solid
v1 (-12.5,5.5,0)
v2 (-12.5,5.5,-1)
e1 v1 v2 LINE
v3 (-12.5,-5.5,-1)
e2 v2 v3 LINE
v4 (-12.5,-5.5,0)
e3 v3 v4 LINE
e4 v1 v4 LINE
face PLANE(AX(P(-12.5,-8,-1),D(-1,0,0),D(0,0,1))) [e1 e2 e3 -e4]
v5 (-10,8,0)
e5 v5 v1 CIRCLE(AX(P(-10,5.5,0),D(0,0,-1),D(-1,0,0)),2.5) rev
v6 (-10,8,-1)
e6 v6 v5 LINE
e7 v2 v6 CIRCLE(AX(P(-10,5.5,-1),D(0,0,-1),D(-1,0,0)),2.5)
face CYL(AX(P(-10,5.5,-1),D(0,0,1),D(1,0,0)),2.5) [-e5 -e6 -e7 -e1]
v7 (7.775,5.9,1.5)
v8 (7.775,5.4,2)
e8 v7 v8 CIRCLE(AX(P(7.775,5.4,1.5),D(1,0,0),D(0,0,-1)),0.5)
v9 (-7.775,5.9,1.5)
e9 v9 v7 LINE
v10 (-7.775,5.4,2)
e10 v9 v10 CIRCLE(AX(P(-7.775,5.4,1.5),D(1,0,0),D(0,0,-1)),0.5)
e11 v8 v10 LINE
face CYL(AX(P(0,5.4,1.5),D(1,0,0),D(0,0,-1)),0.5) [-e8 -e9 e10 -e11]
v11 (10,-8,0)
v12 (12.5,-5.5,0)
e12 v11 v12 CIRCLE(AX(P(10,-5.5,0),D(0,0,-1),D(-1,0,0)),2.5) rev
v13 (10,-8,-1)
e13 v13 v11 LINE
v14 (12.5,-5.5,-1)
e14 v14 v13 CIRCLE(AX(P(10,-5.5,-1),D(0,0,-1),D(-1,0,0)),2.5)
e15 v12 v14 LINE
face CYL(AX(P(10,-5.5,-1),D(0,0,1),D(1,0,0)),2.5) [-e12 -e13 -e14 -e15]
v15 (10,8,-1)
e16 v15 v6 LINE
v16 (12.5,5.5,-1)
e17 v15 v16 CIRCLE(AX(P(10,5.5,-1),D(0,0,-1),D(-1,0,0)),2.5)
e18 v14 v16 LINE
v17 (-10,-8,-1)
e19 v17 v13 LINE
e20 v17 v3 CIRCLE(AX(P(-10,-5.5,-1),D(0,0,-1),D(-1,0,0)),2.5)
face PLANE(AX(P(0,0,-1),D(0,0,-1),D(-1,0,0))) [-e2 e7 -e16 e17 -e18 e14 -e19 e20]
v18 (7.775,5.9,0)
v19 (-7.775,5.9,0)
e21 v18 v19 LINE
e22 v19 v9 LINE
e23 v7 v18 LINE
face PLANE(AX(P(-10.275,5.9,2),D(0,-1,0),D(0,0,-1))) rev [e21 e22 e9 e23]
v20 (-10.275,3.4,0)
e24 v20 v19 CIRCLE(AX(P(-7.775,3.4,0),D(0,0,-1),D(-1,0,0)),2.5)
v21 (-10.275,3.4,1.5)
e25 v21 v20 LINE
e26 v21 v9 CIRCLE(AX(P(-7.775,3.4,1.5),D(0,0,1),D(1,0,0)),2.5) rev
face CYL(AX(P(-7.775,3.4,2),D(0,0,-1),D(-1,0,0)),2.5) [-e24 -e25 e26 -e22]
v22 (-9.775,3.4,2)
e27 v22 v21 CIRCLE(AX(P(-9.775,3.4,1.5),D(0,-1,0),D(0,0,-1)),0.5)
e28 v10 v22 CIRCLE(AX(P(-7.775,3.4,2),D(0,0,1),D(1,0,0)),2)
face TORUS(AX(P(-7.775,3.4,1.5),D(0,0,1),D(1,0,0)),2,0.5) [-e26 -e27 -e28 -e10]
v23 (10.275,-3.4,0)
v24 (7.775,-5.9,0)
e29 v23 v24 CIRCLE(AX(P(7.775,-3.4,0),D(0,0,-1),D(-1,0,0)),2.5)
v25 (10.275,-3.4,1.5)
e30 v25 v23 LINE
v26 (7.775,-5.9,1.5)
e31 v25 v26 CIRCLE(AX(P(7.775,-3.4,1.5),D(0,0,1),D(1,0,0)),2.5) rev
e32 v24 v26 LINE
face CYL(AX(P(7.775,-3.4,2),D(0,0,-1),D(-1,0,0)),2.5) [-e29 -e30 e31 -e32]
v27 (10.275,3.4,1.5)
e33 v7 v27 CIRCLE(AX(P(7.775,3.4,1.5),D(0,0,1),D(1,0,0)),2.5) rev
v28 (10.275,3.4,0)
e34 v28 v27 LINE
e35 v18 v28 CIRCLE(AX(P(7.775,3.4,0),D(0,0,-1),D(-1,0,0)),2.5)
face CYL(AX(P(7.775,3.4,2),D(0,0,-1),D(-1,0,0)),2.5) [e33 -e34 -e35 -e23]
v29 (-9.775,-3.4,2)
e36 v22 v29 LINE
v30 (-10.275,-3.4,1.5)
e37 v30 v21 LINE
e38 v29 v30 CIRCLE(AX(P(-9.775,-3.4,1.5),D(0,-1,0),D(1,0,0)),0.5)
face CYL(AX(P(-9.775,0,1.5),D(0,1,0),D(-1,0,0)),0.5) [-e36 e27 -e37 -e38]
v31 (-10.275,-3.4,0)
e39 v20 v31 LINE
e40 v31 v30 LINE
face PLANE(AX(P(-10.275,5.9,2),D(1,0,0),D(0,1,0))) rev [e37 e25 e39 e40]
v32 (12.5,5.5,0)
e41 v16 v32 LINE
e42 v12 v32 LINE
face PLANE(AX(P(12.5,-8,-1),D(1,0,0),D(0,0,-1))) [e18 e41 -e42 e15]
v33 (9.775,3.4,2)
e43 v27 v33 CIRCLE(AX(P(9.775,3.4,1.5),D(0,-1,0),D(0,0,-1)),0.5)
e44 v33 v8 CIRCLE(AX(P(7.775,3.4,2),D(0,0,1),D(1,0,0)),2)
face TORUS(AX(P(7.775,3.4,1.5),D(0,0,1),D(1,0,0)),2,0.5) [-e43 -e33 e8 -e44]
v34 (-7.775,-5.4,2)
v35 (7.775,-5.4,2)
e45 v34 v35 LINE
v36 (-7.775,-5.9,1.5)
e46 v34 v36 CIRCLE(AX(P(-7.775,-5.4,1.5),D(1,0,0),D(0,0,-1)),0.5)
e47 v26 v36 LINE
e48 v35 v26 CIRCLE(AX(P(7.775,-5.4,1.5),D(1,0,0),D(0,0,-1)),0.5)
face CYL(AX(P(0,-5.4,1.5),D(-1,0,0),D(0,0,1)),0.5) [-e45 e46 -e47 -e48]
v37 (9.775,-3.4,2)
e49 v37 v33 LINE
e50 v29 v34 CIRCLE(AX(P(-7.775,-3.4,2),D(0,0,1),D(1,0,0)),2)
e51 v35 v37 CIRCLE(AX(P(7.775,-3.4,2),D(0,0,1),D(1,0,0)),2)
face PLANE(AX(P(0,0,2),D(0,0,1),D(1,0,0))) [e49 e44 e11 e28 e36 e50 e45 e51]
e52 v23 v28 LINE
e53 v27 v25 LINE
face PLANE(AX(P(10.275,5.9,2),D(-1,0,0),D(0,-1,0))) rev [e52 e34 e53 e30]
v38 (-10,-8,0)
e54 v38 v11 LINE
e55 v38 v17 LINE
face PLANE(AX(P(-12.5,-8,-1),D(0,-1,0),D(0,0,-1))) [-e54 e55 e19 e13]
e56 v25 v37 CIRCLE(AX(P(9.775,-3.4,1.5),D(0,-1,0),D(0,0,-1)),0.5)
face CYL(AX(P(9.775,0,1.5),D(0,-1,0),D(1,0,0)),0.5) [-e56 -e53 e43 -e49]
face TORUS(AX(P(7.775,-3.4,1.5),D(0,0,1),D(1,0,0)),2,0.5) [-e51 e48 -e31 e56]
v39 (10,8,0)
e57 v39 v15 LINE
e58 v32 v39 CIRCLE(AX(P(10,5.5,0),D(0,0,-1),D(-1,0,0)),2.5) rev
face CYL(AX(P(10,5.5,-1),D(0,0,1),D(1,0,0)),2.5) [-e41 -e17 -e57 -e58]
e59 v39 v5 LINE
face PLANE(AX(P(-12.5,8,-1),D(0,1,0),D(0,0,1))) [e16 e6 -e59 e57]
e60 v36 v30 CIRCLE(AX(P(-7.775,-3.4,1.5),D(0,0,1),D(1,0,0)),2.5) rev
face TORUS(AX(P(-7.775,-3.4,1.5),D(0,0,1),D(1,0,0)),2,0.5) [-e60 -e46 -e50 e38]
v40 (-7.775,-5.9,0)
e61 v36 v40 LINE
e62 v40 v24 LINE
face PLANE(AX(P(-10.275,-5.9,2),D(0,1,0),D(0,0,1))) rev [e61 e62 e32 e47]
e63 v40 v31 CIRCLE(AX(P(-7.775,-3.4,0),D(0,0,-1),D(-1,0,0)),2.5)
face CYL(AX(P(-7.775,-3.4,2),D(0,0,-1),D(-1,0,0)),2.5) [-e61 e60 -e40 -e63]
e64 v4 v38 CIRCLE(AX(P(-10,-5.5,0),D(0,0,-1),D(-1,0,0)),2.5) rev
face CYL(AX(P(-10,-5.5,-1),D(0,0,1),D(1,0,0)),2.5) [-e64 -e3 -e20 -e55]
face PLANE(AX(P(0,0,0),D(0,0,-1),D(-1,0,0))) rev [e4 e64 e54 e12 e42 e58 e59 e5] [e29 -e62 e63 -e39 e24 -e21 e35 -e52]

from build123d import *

# Parameters (mm, degrees)
SKETCH1_W           = 25
SKETCH1_H           = 16
BOSS_EXTRUDE1_DEPTH = 1
SKETCH2_W           = 20.55
SKETCH2_H           = 11.8
BOSS_EXTRUDE2_DEPTH = 2
FILLET1_R           = 2.5
FILLET2_R           = 0.5


with BuildPart() as part:
    # Sketch1 → Boss-Extrude1 (new body)
    with BuildSketch(Plane.XY):
        Rectangle(SKETCH1_W, SKETCH1_H)
    extrude(amount=-BOSS_EXTRUDE1_DEPTH)

    # Sketch2 → Boss-Extrude2 (add)
    with BuildSketch(Plane.XY):
        Rectangle(SKETCH2_W, SKETCH2_H)
    extrude(amount=BOSS_EXTRUDE2_DEPTH)

    # Fillet1
    fillet1_edges = [part.edges().sort_by_distance(p)[0] for p in [
        (10.275, -5.9, 1),
        (10.275, 5.9, 1),
        (-10.275, 5.9, 1),
        (-10.275, -5.9, 1),
        (12.5, -8, -0.5),
        (-12.5, -8, -0.5),
        (-12.5, 8, -0.5),
        (12.5, 8, -0.5),
    ]]
    fillet(fillet1_edges, radius=FILLET1_R)

    # Fillet2
    fillet2_edges = [part.edges().sort_by_distance(p)[0] for p in [
        (0, 5.9, 2),
        (10.275, 0, 2),
        (-10.275, 0, 2),
        (0, -5.9, 2),
        (9.542766953, -5.167766953, 2),
        (-9.542766953, -5.167766953, 2),
        (-9.542766953, 5.167766953, 2),
        (9.542766953, 5.167766953, 2),
    ]]
    fillet(fillet2_edges, radius=FILLET2_R)


solid = part.part
